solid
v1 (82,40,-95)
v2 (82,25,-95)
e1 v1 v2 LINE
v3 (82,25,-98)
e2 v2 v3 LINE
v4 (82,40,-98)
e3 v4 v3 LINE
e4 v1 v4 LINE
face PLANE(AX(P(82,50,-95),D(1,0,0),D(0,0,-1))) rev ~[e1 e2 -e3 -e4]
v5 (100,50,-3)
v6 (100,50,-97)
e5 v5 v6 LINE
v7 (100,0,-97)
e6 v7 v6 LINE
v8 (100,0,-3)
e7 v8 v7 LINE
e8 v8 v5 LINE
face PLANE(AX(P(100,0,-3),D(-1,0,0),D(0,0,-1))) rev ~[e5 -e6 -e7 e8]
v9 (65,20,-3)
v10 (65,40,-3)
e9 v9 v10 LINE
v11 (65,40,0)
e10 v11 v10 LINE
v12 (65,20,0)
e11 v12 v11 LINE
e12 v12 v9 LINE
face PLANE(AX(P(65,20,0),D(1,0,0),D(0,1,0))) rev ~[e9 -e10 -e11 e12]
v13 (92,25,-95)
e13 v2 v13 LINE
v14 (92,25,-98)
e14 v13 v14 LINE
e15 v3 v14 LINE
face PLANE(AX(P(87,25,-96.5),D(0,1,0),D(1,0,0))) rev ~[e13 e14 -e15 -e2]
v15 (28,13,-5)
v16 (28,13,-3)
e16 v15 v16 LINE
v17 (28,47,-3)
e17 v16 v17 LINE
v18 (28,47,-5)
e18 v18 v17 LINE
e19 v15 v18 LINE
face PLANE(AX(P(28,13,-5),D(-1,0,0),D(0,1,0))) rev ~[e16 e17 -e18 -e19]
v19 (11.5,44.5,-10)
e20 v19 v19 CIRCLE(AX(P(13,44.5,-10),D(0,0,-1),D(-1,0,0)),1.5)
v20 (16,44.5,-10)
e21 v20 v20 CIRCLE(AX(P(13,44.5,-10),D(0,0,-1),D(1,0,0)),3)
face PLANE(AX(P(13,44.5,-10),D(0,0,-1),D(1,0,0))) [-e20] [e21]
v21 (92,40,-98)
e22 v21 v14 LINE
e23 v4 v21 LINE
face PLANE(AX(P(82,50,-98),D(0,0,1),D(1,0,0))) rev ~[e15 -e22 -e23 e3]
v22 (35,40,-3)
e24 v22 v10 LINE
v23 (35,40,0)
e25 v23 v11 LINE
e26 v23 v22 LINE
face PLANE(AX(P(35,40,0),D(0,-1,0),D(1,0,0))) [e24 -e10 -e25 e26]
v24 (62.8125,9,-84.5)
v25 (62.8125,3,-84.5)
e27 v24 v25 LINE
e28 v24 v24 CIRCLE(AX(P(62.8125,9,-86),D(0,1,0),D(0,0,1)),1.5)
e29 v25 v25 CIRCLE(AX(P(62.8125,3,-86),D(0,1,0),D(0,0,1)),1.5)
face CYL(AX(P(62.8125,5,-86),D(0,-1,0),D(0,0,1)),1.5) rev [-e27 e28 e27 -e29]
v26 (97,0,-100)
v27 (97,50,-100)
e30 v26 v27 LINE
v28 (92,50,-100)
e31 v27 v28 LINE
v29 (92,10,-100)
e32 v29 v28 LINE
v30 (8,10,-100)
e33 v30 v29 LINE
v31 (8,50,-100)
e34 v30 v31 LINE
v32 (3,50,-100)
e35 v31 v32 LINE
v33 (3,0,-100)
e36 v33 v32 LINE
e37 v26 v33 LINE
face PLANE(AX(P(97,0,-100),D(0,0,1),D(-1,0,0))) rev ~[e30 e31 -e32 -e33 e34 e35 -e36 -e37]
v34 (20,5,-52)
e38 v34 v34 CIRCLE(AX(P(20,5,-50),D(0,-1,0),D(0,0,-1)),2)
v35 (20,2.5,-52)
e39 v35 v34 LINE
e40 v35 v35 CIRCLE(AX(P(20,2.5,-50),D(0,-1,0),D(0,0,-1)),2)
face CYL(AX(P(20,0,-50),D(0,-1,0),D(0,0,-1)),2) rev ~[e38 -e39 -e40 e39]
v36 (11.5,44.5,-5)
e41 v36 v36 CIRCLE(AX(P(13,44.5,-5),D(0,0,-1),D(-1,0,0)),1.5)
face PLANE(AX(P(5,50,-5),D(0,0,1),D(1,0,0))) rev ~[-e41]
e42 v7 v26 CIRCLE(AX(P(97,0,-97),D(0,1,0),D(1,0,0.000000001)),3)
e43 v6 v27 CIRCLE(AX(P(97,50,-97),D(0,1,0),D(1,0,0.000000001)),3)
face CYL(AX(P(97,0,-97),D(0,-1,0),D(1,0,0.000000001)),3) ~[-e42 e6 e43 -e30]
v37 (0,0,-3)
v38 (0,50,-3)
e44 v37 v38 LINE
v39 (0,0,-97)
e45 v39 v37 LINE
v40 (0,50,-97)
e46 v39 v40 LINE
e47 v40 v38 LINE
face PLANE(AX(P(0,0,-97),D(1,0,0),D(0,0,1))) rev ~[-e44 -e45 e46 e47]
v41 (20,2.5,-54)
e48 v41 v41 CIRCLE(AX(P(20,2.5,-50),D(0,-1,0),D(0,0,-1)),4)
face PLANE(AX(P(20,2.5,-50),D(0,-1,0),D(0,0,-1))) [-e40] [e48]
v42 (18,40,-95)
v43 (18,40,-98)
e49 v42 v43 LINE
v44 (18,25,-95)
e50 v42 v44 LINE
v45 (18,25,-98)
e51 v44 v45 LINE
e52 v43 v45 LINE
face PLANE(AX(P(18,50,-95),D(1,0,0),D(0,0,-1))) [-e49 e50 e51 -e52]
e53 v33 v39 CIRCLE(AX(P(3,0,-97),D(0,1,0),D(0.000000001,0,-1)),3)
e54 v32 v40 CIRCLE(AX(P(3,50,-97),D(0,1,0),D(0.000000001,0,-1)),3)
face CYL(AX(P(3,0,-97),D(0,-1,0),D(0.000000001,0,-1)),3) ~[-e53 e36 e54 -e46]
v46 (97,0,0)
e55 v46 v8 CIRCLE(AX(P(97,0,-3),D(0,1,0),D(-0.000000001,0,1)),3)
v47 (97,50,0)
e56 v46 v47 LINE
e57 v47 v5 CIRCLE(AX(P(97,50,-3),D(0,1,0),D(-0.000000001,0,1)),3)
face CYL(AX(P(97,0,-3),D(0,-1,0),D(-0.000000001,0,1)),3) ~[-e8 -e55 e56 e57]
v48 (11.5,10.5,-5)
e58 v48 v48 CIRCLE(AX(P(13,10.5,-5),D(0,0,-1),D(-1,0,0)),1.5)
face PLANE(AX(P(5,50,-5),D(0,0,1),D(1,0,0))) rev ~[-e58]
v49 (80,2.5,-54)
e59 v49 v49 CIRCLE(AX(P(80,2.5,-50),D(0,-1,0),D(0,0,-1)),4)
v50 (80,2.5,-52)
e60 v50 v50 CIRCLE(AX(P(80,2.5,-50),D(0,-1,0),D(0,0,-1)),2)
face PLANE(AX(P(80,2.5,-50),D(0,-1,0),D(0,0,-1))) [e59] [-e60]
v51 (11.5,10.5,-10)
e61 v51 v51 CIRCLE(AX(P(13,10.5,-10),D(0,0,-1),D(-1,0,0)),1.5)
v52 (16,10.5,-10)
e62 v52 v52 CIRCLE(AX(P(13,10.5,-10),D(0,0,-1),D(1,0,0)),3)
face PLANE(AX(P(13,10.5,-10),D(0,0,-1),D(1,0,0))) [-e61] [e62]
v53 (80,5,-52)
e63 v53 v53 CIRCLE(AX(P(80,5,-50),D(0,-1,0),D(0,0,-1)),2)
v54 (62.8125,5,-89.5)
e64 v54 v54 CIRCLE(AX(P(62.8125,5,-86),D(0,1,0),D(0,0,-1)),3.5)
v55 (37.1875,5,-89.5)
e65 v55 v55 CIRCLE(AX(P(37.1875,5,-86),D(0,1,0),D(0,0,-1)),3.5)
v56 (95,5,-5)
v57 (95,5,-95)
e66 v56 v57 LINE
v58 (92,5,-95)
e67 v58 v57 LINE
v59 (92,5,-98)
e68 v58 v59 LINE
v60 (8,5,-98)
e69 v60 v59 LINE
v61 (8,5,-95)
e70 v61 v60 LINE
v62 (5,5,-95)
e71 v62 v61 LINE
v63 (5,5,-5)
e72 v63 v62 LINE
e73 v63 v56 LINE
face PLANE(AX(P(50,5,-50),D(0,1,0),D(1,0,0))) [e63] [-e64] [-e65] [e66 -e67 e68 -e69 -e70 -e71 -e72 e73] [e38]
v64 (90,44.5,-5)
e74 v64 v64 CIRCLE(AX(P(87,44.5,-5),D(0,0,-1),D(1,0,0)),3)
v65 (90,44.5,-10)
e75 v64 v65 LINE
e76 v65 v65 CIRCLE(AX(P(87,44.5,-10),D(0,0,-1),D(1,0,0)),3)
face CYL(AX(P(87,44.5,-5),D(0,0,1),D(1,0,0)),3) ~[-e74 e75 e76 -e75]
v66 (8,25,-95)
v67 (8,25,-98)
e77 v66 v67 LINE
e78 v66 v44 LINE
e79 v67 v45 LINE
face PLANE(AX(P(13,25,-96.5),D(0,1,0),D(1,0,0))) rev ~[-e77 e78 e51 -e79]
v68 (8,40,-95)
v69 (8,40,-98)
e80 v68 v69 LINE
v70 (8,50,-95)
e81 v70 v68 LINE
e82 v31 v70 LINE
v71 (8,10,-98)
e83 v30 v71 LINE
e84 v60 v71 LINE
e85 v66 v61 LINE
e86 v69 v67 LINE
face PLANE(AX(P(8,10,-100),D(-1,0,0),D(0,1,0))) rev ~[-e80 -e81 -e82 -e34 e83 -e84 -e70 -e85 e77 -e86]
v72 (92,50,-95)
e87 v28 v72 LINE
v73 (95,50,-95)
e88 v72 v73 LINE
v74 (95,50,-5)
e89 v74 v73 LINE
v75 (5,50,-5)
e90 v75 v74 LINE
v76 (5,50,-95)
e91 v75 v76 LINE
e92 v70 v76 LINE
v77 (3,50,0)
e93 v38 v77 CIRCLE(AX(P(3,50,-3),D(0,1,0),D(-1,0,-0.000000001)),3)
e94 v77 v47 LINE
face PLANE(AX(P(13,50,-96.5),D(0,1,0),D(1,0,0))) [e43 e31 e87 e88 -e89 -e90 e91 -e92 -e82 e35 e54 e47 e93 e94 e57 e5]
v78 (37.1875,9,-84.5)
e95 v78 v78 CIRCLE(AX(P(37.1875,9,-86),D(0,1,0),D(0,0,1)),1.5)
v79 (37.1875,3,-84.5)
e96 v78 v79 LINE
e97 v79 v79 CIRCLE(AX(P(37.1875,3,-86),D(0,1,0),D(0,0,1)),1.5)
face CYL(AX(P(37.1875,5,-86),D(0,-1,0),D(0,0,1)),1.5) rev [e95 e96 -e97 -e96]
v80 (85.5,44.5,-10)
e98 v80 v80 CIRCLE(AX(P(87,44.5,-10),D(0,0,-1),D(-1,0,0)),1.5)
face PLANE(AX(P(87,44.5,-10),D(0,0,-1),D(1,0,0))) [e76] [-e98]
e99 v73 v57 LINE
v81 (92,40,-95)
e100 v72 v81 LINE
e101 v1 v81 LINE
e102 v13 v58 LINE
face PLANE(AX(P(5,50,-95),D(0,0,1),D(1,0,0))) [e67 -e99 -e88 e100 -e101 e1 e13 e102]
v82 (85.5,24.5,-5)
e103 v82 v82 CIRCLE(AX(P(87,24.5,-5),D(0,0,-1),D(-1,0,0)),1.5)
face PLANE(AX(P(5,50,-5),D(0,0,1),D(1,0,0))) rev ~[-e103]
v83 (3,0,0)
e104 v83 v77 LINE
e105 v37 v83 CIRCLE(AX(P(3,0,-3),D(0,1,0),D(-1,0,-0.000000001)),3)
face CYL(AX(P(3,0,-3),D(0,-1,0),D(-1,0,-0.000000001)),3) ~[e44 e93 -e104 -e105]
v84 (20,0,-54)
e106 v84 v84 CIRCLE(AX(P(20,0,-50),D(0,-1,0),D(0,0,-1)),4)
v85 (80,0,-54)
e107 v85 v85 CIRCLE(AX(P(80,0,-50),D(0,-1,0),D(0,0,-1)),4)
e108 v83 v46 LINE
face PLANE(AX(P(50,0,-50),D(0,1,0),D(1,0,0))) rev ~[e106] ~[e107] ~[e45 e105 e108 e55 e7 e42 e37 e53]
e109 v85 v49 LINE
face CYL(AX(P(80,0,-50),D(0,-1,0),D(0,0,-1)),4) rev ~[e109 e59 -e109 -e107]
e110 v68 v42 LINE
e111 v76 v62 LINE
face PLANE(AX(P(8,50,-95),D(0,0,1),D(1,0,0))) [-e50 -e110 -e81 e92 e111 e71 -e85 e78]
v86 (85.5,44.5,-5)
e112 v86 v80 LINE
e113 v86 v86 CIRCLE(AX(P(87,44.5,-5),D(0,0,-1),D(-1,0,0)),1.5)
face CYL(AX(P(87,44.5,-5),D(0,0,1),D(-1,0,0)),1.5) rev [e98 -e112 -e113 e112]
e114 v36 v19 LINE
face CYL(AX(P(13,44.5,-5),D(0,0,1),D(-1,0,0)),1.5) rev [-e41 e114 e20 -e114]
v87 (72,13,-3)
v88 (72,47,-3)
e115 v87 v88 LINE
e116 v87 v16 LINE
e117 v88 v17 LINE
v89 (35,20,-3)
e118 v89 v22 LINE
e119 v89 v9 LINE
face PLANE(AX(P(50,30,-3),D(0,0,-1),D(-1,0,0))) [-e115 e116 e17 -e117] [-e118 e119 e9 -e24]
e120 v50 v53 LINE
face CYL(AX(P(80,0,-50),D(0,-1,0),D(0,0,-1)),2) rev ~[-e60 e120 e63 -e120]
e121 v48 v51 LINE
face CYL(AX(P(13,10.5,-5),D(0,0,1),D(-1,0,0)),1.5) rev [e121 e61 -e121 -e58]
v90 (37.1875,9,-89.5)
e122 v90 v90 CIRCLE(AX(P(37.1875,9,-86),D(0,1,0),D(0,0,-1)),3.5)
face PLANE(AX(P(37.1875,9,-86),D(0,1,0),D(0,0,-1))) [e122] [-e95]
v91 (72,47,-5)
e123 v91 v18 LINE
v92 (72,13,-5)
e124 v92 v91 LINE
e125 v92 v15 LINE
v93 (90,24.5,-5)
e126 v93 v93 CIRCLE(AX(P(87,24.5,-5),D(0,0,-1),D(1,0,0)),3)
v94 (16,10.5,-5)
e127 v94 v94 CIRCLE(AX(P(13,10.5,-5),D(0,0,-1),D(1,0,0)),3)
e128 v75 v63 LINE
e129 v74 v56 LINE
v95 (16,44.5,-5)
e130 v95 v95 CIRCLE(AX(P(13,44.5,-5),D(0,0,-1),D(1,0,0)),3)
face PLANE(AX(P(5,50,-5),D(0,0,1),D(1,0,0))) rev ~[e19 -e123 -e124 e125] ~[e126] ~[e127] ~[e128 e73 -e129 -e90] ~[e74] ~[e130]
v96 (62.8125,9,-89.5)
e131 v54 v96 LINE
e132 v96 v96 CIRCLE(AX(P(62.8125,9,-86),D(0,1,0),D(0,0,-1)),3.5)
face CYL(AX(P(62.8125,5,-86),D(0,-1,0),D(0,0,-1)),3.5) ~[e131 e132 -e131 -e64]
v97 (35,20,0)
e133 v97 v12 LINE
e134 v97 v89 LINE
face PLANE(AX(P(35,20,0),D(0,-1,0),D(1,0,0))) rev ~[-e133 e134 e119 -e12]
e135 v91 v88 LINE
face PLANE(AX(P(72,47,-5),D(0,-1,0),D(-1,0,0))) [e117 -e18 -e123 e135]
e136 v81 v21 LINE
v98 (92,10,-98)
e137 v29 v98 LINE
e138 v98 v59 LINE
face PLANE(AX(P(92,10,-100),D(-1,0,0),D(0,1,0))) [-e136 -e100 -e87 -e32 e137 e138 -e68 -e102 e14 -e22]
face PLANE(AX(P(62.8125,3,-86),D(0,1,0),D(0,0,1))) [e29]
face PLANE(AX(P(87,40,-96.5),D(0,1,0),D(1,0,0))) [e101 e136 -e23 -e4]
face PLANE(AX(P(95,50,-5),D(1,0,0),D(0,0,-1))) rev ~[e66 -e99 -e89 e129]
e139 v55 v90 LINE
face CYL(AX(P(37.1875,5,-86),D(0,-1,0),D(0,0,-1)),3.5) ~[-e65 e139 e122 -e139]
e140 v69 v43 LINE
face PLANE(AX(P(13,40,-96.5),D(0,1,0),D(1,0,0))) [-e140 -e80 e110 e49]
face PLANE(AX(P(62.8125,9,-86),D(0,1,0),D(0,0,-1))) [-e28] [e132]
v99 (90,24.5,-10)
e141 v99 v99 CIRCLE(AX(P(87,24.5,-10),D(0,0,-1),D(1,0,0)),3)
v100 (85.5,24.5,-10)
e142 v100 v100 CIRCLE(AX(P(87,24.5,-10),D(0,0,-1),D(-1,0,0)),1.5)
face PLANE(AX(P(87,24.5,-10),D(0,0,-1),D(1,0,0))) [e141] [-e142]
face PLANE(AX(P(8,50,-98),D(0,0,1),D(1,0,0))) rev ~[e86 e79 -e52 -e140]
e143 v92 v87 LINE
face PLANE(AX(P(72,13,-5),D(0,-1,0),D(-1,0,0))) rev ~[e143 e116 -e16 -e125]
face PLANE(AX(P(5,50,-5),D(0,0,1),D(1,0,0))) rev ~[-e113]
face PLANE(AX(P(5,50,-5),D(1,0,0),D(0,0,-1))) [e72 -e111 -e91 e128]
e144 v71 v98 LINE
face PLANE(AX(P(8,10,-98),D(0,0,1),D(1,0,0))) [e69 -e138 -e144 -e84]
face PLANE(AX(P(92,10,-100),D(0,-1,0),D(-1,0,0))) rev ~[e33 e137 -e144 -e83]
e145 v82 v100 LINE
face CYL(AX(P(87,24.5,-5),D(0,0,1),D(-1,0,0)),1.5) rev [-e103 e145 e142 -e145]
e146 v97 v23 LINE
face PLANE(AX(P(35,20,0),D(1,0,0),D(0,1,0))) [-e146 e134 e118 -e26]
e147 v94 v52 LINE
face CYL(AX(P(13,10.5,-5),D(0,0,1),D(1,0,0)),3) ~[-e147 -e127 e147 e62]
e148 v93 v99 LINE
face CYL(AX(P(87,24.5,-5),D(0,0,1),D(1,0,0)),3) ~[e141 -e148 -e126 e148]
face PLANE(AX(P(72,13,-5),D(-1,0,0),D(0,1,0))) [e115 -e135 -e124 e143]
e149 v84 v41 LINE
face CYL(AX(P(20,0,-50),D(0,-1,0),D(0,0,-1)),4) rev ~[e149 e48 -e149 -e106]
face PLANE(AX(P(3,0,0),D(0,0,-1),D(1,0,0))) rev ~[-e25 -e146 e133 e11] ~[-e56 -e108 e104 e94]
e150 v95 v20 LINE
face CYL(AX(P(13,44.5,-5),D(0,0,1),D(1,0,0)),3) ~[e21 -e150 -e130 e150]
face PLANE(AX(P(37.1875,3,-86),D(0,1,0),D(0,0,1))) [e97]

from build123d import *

# Parameters (mm, degrees)
EXTRUDE_355_DEPTH      = 50
SKETCH_2_W             = 90
SKETCH_2_H             = 90
CUT_EXTRUDE_705_DEPTH  = 45
SKETCH_3_R             = 3.5
SKETCH_3_R_2           = 1.5
TYPE_C_DEPTH           = 4
TYPE_C_START           = -2
SKETCH_3_2_R           = 1.5
TYPE_C_2_DEPTH         = 2
SKETCH_4_W             = 36.625
SKETCH_4_H             = 10
TYPE_C_3_DEPTH         = 3
SKETCH_5_W             = 10
SKETCH_5_H             = 5
TYPE_C_4_DEPTH         = 2
SKETCH_6_R             = 3
SKETCH_6_R_2           = 1.5
EXTRUDE_2034_DEPTH     = 5
SKETCH_7_W             = 30
SKETCH_7_H             = 20
OLED_DEPTH             = 5
SKETCH_8_W             = 44
SKETCH_8_H             = 34
OLED_2_DEPTH           = 2
SKETCH_9_R             = 4
SKETCH_9_R_2           = 2
CUT_EXTRUDE_2931_DEPTH = 2.5
SKETCH_9_2_R           = 2
CUT_EXTRUDE_2975_DEPTH = 5
SKETCH_10_W            = 84
SKETCH_10_H            = 40
CUT_EXTRUDE_9_DEPTH    = 5
SKETCH_11_W            = 23.6875
SKETCH_11_H            = 3
CUT_EXTRUDE_10_DEPTH   = 2
SKETCH_12_W            = 84
SKETCH_12_H            = 3
CUT_EXTRUDE_11_DEPTH   = 3
SKETCH_14_W            = 10
SKETCH_14_H            = 3
EXTRUDE_1_DEPTH        = 25
SKETCH_14_2_W          = 10
SKETCH_14_2_H          = 3
CUT_EXTRUDE_12_DEPTH   = 10


with BuildPart() as part:
    # 草图1 → Extrude 355 (new body)
    with BuildSketch(Plane(origin=(0, 0, 0), x_dir=(1, 0, 0), z_dir=(0, 1, 0))):
        with BuildLine():
            Line((3, 0), (97, 0))
            ThreePointArc((97, 0), (99.121320344, 0.878679656), (100, 3))
            Line((100, 3), (100, 97))
            ThreePointArc((100, 97), (99.121320344, 99.121320344), (97, 100))
            Line((97, 100), (3, 100))
            ThreePointArc((3, 100), (0.878679656, 99.121320344), (0, 97))
            Line((0, 97), (0, 3))
            ThreePointArc((0, 3), (0.878679656, 0.878679656), (3, 0))
        make_face()
    extrude(amount=EXTRUDE_355_DEPTH)

    # 草图2 → Cut-Extrude 705 (cut)
    with BuildSketch(Plane(origin=(0, 50, 0), x_dir=(1, 0, 0), z_dir=(0, 1, 0))):
        with Locations((50, 50)):
            Rectangle(SKETCH_2_W, SKETCH_2_H)
    extrude(amount=-CUT_EXTRUDE_705_DEPTH, mode=Mode.SUBTRACT)

    # 草图3 → TYPE-C (add)
    # profile 1 of 2: a face of its own
    with BuildSketch(Plane(origin=(0, 5, 0), x_dir=(1, 0, 0), z_dir=(0, 1, 0))):
        with Locations(Location((37.1875, 86, 0), (0, 0, 90))):
            Circle(SKETCH_3_R)
        with Locations(Location((37.1875, 86, 0), (0, 0, 270))):
            Circle(SKETCH_3_R_2, mode=Mode.SUBTRACT)
    # profile 2 of 2: a face of its own
    with BuildSketch(Plane(origin=(0, 5, 0), x_dir=(1, 0, 0), z_dir=(0, 1, 0))):
        with Locations(Location((62.8125, 86, 0), (0, 0, 90))):
            Circle(SKETCH_3_R)
        with Locations(Location((62.8125, 86, 0), (0, 0, 270))):
            Circle(SKETCH_3_R_2, mode=Mode.SUBTRACT)
    extrude(amount=TYPE_C_DEPTH)

    # 草图3<2> → TYPE-C 2 (cut)
    with BuildSketch(Plane(origin=(0, 5, 0), x_dir=(1, 0, 0), z_dir=(0, 1, 0)).offset(TYPE_C_START)):
        with Locations(Location((37.1875, 86, 0), (0, 0, 270))):
            Circle(SKETCH_3_2_R)
        with Locations(Location((62.8125, 86, 0), (0, 0, 270))):
            Circle(SKETCH_3_2_R)
    extrude(amount=TYPE_C_2_DEPTH, mode=Mode.SUBTRACT)

    # 草图4 → TYPE-C 3 (cut)
    with BuildSketch(Plane.XY.offset(-95)):
        with Locations((50, 13)):
            Rectangle(SKETCH_4_W, SKETCH_4_H)
    extrude(amount=-TYPE_C_3_DEPTH, mode=Mode.SUBTRACT)

    # 草图5 → TYPE-C 4 (cut)
    with BuildSketch(Plane.XY.offset(-98)):
        with Locations((50, 12.5)):
            Rectangle(SKETCH_5_W, SKETCH_5_H)
    extrude(amount=-TYPE_C_4_DEPTH, mode=Mode.SUBTRACT)

    # 草图6 → Extrude 2034 (add)
    # profile 1 of 4: a face of its own
    with BuildSketch(Plane(origin=(0, 0, -5), x_dir=(-1, 0, 0), z_dir=(0, 0, -1))):
        with Locations(Location((-87, 44.5, 0), (0, 0, 180))):
            Circle(SKETCH_6_R)
        with Locations((-87, 44.5)):
            Circle(SKETCH_6_R_2, mode=Mode.SUBTRACT)
    # profile 2 of 4: a face of its own
    with BuildSketch(Plane(origin=(0, 0, -5), x_dir=(-1, 0, 0), z_dir=(0, 0, -1))):
        with Locations(Location((-87, 24.5, 0), (0, 0, 180))):
            Circle(SKETCH_6_R)
        with Locations((-87, 24.5)):
            Circle(SKETCH_6_R_2, mode=Mode.SUBTRACT)
    # profile 3 of 4: a face of its own
    with BuildSketch(Plane(origin=(0, 0, -5), x_dir=(-1, 0, 0), z_dir=(0, 0, -1))):
        with Locations(Location((-13, 44.5, 0), (0, 0, 180))):
            Circle(SKETCH_6_R)
        with Locations((-13, 44.5)):
            Circle(SKETCH_6_R_2, mode=Mode.SUBTRACT)
    # profile 4 of 4: a face of its own
    with BuildSketch(Plane(origin=(0, 0, -5), x_dir=(-1, 0, 0), z_dir=(0, 0, -1))):
        with Locations(Location((-13, 10.5, 0), (0, 0, 180))):
            Circle(SKETCH_6_R)
        with Locations((-13, 10.5)):
            Circle(SKETCH_6_R_2, mode=Mode.SUBTRACT)
    extrude(amount=EXTRUDE_2034_DEPTH)

    # 草图7 → OLED (cut)
    with BuildSketch(Plane.XY):
        with Locations((50, 30)):
            Rectangle(SKETCH_7_W, SKETCH_7_H)
    extrude(amount=-OLED_DEPTH, mode=Mode.SUBTRACT)

    # 草图8 → OLED 2 (cut)
    with BuildSketch(Plane(origin=(0, 0, -5), x_dir=(-1, 0, 0), z_dir=(0, 0, -1))):
        with Locations((-50, 30)):
            Rectangle(SKETCH_8_W, SKETCH_8_H)
    extrude(amount=-OLED_2_DEPTH, mode=Mode.SUBTRACT)

    # 草图9 → Cut-Extrude 2931 (cut)
    # profile 1 of 2: a face of its own
    with BuildSketch(Plane.XZ):
        with Locations(Location((80, -50, 0), (0, 0, 270))):
            Circle(SKETCH_9_R)
        with Locations(Location((80, -50, 0), (0, 0, 270))):
            Circle(SKETCH_9_R_2, mode=Mode.SUBTRACT)
    # profile 2 of 2: a face of its own
    with BuildSketch(Plane.XZ):
        with Locations(Location((20, -50, 0), (0, 0, 270))):
            Circle(SKETCH_9_R)
        with Locations(Location((20, -50, 0), (0, 0, 270))):
            Circle(SKETCH_9_R_2, mode=Mode.SUBTRACT)
    extrude(amount=-CUT_EXTRUDE_2931_DEPTH, mode=Mode.SUBTRACT)

    # 草图9<2> → Cut-Extrude 2975 (cut)
    with BuildSketch(Plane.XZ):
        with Locations(Location((80, -50, 0), (0, 0, 270))):
            Circle(SKETCH_9_2_R)
        with Locations(Location((20, -50, 0), (0, 0, 270))):
            Circle(SKETCH_9_2_R)
    extrude(amount=-CUT_EXTRUDE_2975_DEPTH, mode=Mode.SUBTRACT)

    # 草图10 → 切除-拉伸9 (cut)
    with BuildSketch(Plane(origin=(0, 0, -100), x_dir=(-1, 0, 0), z_dir=(0, 0, -1))):
        with Locations((-50, 30)):
            Rectangle(SKETCH_10_W, SKETCH_10_H)
    extrude(amount=-CUT_EXTRUDE_9_DEPTH, mode=Mode.SUBTRACT)

    # 草图11 → 切除-拉伸10 (cut)
    with BuildSketch(Plane(origin=(0, 10, 0), x_dir=(1, 0, 0), z_dir=(0, 1, 0))):
        with Locations((80.15625, 96.5)):
            Rectangle(SKETCH_11_W, SKETCH_11_H)
        with Locations((19.84375, 96.5)):
            Rectangle(SKETCH_11_W, SKETCH_11_H)
    extrude(amount=-CUT_EXTRUDE_10_DEPTH, mode=Mode.SUBTRACT)

    # 草图12 → 切除-拉伸11 (cut)
    with BuildSketch(Plane(origin=(0, 8, 0), x_dir=(1, 0, 0), z_dir=(0, 1, 0))):
        with Locations((50, 96.5)):
            Rectangle(SKETCH_12_W, SKETCH_12_H)
    extrude(amount=-CUT_EXTRUDE_11_DEPTH, mode=Mode.SUBTRACT)

    # 草图14 → 凸台-拉伸1 (add)
    with BuildSketch(Plane(origin=(0, 50, 0), x_dir=(1, 0, 0), z_dir=(0, 1, 0))):
        with Locations((13, 96.5)):
            Rectangle(SKETCH_14_W, SKETCH_14_H)
        with Locations((87, 96.5)):
            Rectangle(SKETCH_14_W, SKETCH_14_H)
    extrude(amount=-EXTRUDE_1_DEPTH)

    # 草图14<2> → 切除-拉伸12 (cut)
    with BuildSketch(Plane(origin=(0, 50, 0), x_dir=(1, 0, 0), z_dir=(0, 1, 0))):
        with Locations((13, 96.5)):
            Rectangle(SKETCH_14_2_W, SKETCH_14_2_H)
        with Locations((87, 96.5)):
            Rectangle(SKETCH_14_2_W, SKETCH_14_2_H)
    extrude(amount=-CUT_EXTRUDE_12_DEPTH, mode=Mode.SUBTRACT)


solid = part.part
